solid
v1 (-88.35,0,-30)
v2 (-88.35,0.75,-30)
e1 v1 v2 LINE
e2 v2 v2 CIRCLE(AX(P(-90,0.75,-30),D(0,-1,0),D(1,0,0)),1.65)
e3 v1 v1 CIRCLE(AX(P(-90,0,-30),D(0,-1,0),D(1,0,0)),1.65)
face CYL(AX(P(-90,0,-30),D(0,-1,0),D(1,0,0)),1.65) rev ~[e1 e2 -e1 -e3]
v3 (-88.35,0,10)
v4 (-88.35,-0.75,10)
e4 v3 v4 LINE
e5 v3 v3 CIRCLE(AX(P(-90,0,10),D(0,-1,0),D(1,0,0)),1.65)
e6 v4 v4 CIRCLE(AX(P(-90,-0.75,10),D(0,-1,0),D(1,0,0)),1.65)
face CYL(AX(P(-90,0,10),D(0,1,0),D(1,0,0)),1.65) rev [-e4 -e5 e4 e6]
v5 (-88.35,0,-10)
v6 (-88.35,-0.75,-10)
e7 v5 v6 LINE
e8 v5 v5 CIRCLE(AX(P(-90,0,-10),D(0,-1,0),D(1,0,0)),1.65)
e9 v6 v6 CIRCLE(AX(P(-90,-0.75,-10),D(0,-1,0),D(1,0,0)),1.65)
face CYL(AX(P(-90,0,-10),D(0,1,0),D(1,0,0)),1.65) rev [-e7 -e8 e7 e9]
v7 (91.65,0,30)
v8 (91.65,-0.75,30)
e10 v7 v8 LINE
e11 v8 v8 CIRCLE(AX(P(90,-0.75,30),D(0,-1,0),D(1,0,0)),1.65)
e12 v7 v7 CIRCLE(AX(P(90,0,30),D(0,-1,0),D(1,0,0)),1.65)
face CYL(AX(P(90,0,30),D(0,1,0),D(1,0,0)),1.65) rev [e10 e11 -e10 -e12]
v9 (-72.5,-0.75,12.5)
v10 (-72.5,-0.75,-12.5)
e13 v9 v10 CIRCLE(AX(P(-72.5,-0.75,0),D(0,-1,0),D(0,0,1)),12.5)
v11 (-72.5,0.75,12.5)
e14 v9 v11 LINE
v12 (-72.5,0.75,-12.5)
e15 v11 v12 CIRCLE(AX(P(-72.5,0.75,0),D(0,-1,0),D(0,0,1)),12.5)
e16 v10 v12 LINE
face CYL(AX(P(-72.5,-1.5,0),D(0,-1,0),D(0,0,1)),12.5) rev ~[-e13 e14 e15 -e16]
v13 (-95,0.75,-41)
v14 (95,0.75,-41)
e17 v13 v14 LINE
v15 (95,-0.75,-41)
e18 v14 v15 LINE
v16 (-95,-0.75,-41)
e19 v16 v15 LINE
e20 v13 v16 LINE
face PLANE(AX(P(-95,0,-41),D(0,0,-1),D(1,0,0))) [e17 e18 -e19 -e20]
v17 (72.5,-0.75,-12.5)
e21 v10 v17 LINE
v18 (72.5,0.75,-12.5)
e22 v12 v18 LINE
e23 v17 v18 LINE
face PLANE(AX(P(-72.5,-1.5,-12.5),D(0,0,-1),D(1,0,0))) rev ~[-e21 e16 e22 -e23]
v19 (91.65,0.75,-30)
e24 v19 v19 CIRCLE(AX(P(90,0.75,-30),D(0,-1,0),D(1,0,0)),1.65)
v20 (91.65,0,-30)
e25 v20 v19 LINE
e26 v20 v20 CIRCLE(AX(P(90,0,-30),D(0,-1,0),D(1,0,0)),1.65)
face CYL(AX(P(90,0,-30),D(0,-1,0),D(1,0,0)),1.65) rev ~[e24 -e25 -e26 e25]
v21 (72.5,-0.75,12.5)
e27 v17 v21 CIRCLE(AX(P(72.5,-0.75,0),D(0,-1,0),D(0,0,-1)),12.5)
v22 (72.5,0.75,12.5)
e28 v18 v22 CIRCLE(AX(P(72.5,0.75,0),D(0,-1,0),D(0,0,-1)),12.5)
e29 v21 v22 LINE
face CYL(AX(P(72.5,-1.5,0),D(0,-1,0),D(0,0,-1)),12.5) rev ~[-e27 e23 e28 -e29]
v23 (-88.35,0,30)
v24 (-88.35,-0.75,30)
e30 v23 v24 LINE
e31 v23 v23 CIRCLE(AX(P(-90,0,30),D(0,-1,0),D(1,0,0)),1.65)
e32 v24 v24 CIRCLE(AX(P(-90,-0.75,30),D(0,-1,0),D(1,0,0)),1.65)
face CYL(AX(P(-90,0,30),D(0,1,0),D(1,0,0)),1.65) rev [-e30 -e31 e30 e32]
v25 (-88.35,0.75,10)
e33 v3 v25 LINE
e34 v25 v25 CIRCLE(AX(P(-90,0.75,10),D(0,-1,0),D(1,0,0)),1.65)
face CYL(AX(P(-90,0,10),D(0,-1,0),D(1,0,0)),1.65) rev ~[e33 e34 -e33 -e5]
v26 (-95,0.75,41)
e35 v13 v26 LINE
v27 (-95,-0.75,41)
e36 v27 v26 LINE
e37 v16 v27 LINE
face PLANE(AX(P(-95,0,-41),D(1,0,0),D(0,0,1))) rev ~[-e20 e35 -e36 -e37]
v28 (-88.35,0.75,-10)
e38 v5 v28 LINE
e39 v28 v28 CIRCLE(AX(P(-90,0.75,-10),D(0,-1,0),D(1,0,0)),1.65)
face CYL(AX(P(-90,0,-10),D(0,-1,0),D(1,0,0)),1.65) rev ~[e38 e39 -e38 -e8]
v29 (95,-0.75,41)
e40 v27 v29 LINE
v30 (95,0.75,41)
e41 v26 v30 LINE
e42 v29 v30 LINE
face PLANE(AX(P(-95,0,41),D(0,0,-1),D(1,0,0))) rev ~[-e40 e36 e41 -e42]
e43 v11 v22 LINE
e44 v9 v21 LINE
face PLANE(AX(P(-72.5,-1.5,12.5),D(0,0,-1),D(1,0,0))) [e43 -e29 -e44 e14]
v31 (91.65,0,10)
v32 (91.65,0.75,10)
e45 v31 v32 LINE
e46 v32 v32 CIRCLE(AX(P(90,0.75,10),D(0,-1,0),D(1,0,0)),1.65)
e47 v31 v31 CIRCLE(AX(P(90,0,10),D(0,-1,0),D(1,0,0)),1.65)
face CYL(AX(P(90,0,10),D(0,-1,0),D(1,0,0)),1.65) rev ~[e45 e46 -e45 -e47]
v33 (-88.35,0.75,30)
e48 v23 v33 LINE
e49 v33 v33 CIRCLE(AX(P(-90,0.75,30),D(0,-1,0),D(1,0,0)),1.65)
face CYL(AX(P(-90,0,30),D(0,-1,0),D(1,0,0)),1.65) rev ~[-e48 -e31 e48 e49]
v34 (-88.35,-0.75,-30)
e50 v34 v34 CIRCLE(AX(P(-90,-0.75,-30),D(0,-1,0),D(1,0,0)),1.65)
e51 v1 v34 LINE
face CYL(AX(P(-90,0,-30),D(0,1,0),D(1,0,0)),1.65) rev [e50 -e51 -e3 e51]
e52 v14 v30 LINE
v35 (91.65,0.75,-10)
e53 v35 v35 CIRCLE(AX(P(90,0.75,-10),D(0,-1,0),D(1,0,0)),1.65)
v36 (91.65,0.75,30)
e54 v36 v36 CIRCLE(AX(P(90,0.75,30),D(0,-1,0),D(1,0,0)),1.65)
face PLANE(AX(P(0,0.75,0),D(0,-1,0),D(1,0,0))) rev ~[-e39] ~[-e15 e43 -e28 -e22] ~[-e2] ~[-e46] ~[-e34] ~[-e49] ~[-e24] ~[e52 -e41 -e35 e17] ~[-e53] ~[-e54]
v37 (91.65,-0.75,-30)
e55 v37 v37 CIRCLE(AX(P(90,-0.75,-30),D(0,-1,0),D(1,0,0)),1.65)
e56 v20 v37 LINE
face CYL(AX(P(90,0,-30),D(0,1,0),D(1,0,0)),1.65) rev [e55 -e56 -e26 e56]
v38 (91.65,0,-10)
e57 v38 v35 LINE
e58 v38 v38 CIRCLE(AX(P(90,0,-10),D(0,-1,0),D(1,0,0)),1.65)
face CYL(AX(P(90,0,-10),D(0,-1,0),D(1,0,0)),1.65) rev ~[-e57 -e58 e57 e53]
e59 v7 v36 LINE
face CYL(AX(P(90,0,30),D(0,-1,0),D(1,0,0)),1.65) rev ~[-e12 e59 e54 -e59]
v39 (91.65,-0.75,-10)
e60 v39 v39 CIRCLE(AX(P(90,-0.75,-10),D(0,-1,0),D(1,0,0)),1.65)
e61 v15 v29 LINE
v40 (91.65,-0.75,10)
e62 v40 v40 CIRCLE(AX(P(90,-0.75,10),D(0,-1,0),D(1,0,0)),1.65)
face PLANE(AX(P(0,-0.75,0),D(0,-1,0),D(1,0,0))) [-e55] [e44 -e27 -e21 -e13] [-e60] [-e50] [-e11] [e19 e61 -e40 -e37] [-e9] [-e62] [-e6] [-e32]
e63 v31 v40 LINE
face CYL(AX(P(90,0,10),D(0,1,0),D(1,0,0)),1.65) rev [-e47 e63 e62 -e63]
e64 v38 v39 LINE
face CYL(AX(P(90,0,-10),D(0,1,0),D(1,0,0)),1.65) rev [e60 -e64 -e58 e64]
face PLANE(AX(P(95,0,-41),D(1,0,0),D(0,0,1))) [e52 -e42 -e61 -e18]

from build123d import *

# Parameters (mm, degrees)
SKETCH_W       = 190
SKETCH_H       = 82
SKETCH_R       = 1.65
PAD_DEPTH      = 0.75
PAD_DEPTH_BACK = 0.75
POCKET_DEPTH   = 2.251


with BuildPart() as part:
    # Sketch → Pad (new body, two sides)
    with BuildSketch(Plane.XZ) as pad_sk:
        Rectangle(SKETCH_W, SKETCH_H)
        with Locations((90, 30)):
            Circle(SKETCH_R, mode=Mode.SUBTRACT)
        with Locations((90, 10)):
            Circle(SKETCH_R, mode=Mode.SUBTRACT)
        with Locations((90, -30)):
            Circle(SKETCH_R, mode=Mode.SUBTRACT)
        with Locations((90, -10)):
            Circle(SKETCH_R, mode=Mode.SUBTRACT)
        with Locations((-90, 30)):
            Circle(SKETCH_R, mode=Mode.SUBTRACT)
        with Locations((-90, 10)):
            Circle(SKETCH_R, mode=Mode.SUBTRACT)
        with Locations((-90, -30)):
            Circle(SKETCH_R, mode=Mode.SUBTRACT)
        with Locations((-90, -10)):
            Circle(SKETCH_R, mode=Mode.SUBTRACT)
    extrude(amount=PAD_DEPTH)
    extrude(pad_sk.sketch, amount=-PAD_DEPTH_BACK)

    # Sketch001 → Pocket (cut, through all)
    with BuildSketch(Plane.XZ.offset(1.5)):
        with BuildLine():
            ThreePointArc((-72.5, 12.5), (-85, 0), (-72.5, -12.5))
            Line((-72.5, -12.5), (72.5, -12.5))
            ThreePointArc((72.5, -12.5), (85, 0), (72.5, 12.5))
            Line((-72.5, 12.5), (72.5, 12.5))
        make_face()
    extrude(amount=-POCKET_DEPTH, mode=Mode.SUBTRACT)


solid = part.part
